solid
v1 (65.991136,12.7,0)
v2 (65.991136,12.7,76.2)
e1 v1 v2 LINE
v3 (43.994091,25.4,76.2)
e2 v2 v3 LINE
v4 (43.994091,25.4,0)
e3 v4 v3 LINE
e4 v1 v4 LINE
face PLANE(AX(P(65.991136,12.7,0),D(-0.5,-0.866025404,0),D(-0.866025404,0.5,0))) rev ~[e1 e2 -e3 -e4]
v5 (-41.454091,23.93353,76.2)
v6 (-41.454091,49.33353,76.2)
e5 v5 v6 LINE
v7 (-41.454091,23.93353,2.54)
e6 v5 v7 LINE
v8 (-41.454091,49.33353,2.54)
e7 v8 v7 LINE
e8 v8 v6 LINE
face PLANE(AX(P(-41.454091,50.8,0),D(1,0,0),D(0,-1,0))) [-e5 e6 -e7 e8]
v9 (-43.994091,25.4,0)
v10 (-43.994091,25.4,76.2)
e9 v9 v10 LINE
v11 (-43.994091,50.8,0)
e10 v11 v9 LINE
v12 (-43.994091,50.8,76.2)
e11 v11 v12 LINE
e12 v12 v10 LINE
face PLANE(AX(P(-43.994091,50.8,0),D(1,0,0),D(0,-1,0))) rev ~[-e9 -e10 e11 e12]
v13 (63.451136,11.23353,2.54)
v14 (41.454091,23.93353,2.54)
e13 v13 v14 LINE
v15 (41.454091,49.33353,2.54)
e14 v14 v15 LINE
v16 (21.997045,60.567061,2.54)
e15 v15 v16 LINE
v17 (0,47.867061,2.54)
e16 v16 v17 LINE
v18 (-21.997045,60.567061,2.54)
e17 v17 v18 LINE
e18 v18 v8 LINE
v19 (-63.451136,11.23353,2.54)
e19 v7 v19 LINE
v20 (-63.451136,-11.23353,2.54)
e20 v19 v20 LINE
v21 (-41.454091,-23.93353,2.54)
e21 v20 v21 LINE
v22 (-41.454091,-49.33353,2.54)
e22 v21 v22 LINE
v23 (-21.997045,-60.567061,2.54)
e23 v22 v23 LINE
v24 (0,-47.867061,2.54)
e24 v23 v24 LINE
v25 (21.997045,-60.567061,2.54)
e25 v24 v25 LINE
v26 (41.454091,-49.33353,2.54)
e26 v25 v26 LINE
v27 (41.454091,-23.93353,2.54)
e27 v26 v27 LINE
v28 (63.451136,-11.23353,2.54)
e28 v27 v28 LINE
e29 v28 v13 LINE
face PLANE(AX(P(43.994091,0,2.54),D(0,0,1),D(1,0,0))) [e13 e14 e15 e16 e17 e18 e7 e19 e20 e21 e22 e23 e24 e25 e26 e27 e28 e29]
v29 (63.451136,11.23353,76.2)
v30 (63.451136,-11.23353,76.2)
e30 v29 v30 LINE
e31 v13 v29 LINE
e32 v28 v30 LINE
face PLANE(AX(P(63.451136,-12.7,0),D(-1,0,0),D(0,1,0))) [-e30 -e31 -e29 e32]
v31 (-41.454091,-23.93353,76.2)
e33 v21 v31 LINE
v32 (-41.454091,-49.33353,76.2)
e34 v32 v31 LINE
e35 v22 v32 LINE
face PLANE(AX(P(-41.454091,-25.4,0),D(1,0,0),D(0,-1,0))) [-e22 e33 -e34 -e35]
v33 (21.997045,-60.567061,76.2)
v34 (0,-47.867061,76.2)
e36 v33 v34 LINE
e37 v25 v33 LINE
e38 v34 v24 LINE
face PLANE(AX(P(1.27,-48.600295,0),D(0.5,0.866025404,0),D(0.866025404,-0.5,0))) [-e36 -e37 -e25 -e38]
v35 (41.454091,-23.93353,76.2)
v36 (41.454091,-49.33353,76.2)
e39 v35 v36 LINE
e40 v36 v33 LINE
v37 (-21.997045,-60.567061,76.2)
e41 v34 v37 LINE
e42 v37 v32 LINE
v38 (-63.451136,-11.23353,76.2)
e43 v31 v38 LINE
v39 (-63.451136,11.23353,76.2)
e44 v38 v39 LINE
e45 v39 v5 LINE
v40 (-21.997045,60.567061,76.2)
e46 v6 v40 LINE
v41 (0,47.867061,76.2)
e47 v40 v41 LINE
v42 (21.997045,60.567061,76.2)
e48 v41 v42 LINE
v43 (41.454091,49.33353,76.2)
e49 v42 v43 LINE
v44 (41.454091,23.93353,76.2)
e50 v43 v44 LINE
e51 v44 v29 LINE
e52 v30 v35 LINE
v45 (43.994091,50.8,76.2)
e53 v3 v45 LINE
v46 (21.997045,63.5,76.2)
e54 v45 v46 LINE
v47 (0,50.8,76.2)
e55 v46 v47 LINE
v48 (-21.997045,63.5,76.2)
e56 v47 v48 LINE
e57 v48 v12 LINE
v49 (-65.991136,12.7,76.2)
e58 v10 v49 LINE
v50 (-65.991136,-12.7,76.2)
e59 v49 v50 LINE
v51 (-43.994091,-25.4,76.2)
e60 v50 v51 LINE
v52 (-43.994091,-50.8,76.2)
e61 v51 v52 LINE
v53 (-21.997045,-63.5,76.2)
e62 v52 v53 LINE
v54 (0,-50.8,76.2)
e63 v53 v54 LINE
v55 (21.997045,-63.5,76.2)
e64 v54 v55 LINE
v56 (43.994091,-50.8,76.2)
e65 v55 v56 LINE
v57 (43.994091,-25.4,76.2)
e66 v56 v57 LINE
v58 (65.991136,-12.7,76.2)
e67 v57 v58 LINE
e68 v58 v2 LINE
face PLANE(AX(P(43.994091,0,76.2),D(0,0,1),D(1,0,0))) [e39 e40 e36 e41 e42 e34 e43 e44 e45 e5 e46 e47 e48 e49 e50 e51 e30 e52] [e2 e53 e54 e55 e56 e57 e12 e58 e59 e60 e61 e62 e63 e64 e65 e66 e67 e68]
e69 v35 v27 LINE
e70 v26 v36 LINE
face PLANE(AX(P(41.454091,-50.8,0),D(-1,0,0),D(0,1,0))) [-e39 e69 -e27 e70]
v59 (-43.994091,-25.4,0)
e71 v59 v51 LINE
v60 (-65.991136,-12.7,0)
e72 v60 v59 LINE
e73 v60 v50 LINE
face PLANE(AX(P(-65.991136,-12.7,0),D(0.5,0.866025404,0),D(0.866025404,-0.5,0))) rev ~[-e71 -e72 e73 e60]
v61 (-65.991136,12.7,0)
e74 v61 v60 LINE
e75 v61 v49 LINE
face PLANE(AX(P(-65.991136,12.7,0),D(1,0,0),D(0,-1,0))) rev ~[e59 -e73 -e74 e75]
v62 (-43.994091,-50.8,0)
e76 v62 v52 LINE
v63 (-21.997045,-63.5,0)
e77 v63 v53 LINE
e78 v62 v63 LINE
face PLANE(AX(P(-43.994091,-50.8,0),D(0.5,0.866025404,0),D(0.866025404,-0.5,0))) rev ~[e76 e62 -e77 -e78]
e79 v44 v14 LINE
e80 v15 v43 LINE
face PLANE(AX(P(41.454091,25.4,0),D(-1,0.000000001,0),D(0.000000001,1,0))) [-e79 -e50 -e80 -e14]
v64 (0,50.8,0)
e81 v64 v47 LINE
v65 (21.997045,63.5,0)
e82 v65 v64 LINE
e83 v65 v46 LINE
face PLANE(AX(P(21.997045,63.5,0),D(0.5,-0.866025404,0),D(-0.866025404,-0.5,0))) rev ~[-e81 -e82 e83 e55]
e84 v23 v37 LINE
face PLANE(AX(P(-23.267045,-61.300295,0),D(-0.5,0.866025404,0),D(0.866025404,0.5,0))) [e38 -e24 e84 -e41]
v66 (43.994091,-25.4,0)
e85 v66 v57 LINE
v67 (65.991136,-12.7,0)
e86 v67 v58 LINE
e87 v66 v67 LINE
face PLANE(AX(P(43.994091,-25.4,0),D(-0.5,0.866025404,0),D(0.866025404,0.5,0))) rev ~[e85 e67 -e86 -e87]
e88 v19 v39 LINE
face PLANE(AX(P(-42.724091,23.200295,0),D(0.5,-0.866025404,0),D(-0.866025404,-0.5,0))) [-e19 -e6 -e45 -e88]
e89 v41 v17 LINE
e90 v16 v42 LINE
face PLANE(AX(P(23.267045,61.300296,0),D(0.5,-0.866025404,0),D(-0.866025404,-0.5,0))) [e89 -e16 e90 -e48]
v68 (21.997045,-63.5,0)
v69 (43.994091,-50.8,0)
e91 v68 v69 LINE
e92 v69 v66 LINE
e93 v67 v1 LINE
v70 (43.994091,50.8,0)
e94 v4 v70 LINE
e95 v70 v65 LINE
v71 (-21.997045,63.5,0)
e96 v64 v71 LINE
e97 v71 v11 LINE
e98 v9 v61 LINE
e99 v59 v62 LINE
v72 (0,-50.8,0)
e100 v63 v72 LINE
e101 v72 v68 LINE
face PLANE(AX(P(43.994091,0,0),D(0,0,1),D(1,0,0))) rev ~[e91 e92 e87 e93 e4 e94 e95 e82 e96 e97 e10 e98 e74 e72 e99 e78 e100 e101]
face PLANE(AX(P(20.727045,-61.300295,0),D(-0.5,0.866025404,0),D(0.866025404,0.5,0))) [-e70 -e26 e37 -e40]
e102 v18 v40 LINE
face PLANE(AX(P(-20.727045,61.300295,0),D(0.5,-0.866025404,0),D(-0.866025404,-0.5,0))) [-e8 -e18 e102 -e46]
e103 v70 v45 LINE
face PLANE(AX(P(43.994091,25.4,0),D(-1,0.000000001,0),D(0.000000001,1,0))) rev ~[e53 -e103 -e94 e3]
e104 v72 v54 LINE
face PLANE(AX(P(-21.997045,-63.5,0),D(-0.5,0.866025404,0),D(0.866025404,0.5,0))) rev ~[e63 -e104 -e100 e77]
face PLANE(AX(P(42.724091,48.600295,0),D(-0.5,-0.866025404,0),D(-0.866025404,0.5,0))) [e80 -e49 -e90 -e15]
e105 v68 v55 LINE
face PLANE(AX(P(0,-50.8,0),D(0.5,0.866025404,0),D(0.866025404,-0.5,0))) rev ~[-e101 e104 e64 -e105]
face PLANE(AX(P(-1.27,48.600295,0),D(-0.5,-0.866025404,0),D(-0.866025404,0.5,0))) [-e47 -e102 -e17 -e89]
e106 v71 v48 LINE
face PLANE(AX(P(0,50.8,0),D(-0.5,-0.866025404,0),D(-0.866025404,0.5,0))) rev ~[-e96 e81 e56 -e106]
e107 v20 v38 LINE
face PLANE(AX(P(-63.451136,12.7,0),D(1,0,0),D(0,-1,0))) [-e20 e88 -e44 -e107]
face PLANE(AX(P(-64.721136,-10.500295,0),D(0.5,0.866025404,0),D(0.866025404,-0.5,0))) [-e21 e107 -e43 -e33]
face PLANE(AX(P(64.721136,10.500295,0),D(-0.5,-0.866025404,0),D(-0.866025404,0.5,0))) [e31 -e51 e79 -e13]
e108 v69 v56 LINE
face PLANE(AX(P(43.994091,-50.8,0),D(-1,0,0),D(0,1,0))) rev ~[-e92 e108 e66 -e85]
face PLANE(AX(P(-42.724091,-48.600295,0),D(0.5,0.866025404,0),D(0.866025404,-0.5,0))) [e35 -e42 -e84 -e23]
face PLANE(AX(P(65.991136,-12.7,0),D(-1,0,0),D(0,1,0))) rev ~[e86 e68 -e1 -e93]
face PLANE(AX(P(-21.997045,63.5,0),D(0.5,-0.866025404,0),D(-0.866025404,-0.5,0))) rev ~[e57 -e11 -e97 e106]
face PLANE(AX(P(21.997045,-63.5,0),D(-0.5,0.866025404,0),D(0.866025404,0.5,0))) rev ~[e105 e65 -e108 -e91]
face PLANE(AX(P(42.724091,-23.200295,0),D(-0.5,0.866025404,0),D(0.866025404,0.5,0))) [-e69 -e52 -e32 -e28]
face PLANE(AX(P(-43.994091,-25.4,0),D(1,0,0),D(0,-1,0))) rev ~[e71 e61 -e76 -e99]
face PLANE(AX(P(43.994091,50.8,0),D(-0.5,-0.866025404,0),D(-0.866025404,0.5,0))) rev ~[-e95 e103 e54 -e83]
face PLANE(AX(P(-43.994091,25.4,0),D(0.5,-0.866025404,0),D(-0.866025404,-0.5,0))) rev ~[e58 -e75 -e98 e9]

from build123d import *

# Parameters (mm, degrees)
F1_DEPTH = 76.2
F2_T     = -2.54


with BuildPart() as f1:
    # F0 (on Top) → F1 (new body)
    with BuildSketch(Plane.XY):
        Polygon((43.9940905122, 25.4), (21.9970452561, 12.7), (21.9970452561, -12.7), (43.9940905122, -25.4), (65.9911357684, -12.7), (65.9911357684, 12.7), align=None)
        Polygon((0, 25.4), (21.9970452561, 12.7), (43.9940905122, 25.4), (43.994090537, 50.8000000143), (21.9970452561, 63.5000000285), (-2.47e-08, 50.8000000143), align=None)
        Polygon((43.9940905122, -25.4), (21.9970452561, -12.7), (0, -25.4), (0, -50.8), (21.9970452561, -63.5), (43.9940905122, -50.8), align=None)
        Polygon((-21.9970452561, 12.7), (0, 25.4), (0, 50.8), (-21.9970452561, 63.5), (-43.9940905122, 50.8), (-43.9940905122, 25.4), align=None)
        Polygon((0, -50.8), (0, -25.4), (-21.9970452561, -12.7), (-43.9940905122, -25.4), (-43.9940905122, -50.8), (-21.9970452561, -63.5), align=None)
        Polygon((-21.9970452561, -12.7), (-21.9970452561, 12.7), (-43.9940905122, 25.4), (-65.9911357684, 12.7), (-65.9911357684, -12.7), (-43.9940905122, -25.4), align=None)
        Polygon((21.9970452561, -12.7), (21.9970452561, 12.7), (0, 25.4), (-21.9970452561, 12.7), (-21.9970452561, -12.7), (0, -25.4), align=None)
    extrude(amount=F1_DEPTH)

    # F2
    f2_openings = [f1.faces().sort_by_distance(p)[0] for p in [
        (0, 0, 76.2),
    ]]
    offset(amount=F2_T, openings=f2_openings, kind=Kind.INTERSECTION)


solid = f1.part
